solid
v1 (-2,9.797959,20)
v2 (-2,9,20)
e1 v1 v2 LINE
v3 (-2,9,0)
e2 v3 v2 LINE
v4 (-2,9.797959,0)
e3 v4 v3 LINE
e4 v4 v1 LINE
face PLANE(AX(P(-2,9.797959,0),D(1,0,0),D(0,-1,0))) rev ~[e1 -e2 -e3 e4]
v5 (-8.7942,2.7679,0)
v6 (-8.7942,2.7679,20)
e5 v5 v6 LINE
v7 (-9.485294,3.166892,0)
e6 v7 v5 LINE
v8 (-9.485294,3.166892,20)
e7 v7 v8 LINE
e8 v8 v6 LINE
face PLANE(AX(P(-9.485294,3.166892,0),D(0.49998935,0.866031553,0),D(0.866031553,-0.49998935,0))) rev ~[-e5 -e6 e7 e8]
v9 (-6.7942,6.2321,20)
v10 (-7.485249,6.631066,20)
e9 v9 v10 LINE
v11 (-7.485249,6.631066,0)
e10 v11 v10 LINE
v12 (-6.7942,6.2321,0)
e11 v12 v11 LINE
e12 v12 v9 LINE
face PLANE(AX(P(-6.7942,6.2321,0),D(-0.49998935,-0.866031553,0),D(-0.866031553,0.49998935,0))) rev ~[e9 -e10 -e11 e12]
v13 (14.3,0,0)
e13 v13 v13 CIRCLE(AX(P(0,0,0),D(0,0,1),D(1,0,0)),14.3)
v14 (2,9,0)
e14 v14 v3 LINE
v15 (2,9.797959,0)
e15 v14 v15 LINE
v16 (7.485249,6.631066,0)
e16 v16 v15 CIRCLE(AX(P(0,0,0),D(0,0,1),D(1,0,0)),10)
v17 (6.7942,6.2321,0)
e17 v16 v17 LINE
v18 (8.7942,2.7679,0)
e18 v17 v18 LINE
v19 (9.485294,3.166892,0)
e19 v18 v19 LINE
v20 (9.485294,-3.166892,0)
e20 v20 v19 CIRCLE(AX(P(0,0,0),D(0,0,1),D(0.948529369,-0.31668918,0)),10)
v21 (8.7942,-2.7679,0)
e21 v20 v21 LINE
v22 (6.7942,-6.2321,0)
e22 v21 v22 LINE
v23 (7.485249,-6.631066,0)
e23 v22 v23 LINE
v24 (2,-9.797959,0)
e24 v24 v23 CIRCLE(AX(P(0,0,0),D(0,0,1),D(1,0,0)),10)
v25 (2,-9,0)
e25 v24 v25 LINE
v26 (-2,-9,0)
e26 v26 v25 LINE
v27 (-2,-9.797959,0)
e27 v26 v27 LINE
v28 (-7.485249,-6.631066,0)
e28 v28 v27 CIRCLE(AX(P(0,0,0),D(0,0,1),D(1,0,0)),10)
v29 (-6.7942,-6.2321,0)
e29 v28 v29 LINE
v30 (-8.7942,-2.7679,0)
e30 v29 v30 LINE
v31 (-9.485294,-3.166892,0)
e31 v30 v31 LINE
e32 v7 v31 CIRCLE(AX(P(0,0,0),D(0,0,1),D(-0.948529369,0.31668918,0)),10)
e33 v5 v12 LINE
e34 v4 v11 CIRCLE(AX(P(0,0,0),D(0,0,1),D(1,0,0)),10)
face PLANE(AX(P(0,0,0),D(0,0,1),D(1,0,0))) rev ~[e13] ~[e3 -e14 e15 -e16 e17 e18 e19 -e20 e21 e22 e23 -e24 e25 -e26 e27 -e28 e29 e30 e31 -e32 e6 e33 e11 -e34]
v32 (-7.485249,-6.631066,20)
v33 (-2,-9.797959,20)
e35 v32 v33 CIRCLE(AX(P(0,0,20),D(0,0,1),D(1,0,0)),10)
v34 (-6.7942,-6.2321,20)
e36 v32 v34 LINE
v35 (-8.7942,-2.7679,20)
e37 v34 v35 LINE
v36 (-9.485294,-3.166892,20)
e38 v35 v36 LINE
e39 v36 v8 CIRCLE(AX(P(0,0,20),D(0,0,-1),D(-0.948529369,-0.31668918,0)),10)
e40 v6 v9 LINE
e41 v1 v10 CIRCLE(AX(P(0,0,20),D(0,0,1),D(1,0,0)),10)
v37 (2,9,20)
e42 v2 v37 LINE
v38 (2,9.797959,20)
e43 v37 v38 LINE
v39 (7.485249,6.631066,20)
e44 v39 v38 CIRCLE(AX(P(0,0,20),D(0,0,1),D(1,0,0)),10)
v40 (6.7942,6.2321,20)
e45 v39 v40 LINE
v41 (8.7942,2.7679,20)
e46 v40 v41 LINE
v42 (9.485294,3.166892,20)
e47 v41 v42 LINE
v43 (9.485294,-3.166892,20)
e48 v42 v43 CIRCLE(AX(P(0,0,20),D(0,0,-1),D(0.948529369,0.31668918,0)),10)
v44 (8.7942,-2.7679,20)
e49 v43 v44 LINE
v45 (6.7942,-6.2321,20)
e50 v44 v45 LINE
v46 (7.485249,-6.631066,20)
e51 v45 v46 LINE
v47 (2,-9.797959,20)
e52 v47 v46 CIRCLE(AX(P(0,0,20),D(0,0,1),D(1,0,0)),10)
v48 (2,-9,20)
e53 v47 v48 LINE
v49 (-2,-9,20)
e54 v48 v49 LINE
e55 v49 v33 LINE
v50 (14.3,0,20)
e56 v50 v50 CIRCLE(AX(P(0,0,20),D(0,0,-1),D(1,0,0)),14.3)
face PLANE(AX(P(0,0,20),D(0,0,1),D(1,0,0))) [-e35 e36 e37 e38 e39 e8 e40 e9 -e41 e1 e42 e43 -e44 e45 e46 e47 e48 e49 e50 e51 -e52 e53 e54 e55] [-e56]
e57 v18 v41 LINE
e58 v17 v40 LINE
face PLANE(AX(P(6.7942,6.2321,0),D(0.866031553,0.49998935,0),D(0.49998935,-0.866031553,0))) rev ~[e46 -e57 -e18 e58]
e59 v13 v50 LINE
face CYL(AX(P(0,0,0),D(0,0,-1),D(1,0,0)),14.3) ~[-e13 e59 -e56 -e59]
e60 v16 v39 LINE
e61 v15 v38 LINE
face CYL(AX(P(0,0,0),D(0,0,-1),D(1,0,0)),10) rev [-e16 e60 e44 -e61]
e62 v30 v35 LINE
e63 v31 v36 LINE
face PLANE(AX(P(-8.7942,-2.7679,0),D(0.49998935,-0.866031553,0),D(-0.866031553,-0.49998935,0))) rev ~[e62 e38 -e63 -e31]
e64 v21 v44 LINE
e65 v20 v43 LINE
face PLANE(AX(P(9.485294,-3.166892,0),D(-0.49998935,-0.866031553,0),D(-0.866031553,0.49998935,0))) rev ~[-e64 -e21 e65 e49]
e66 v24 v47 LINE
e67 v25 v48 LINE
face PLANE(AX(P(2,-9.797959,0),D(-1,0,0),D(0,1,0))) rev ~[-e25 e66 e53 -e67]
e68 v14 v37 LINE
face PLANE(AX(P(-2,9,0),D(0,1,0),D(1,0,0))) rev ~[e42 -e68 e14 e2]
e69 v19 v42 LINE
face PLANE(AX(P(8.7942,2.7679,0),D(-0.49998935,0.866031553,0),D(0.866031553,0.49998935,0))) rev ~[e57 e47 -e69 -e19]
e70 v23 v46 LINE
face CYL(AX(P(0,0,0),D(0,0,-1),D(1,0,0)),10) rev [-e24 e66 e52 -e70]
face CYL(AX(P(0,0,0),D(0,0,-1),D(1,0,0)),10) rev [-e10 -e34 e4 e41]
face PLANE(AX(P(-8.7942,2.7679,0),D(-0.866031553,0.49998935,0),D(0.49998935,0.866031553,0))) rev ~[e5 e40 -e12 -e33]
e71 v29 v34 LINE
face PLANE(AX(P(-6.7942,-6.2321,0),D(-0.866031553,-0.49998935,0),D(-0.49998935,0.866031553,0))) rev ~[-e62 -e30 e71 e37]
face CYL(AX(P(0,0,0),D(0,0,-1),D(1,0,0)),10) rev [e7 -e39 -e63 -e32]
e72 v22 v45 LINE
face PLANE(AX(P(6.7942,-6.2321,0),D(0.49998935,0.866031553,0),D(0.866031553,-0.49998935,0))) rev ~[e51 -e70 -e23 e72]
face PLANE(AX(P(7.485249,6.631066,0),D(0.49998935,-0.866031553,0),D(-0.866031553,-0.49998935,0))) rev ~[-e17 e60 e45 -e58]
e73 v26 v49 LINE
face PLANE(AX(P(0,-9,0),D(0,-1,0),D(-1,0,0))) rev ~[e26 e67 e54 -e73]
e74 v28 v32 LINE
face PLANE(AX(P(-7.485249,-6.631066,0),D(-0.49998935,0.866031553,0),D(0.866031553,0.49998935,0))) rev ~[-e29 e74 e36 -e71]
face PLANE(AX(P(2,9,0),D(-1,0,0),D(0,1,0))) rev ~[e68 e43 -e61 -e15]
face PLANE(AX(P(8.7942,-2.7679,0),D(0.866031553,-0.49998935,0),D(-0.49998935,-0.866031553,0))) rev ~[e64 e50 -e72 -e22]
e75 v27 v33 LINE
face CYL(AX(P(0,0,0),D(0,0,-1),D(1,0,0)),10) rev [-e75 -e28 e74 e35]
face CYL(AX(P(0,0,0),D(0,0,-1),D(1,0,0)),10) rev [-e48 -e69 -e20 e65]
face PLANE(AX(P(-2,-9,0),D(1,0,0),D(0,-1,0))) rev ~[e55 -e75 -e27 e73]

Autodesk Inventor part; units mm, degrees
ref_plane "YZ Plane" through (0, 0, 0) normal (1, 0, 0) x (0, 1, 0)
ref_plane "XZ Plane" through (0, 0, 0) normal (0, 1, 0) x (-1, 0, 0)
ref_plane "XY Plane" through (0, 0, 0) normal (0, 0, 1) x (1, 0, 0)
sketch "Sketch1" plane through (0, 0, 0) normal (0, 0, 1) x (1, 0, 0)
  line L0 (0, -20.02) -> (0, 20.02) projected
  line L1 (-20.02, 0) -> (20.02, 0) projected
  circle A0 centre (0, 0) radius 10
  circle A1 centre (0, 0) radius 14.3
  line L2 (-2, 9) -> (2, 9)
  line L3 (2, 9) -> (2, 11)
  line L4 (2, 11) -> (-2, 11)
  line L5 (-2, 11) -> (-2, 9)
  line L6 (-2, 9) -> (2, 11) construction
  line L7 (2, 9) -> (-2, 11) construction
  line L8 (6.7942, 6.2321) -> (8.7942, 2.7679)
  line L9 (8.7942, 2.7679) -> (10.5263, 3.7679)
  line L10 (10.5263, 3.7679) -> (8.5263, 7.2321)
  line L11 (8.5263, 7.2321) -> (6.7942, 6.2321)
  line L12 (6.7942, 6.2321) -> (10.5263, 3.7679) construction
  line L13 (8.7942, 2.7679) -> (8.5263, 7.2321) construction
  line L14 (8.7942, -2.7679) -> (6.7942, -6.2321)
  line L15 (6.7942, -6.2321) -> (8.5263, -7.2321)
  line L16 (8.5263, -7.2321) -> (10.5263, -3.7679)
  line L17 (10.5263, -3.7679) -> (8.7942, -2.7679)
  line L18 (8.7942, -2.7679) -> (8.5263, -7.2321) construction
  line L19 (6.7942, -6.2321) -> (10.5263, -3.7679) construction
  line L20 (2, -9) -> (-2, -9)
  line L21 (-2, -9) -> (-2, -11)
  line L22 (-2, -11) -> (2, -11)
  line L23 (2, -11) -> (2, -9)
  line L24 (2, -9) -> (-2, -11) construction
  line L25 (-2, -9) -> (2, -11) construction
  line L26 (-6.7942, -6.2321) -> (-8.7942, -2.7679)
  line L27 (-8.7942, -2.7679) -> (-10.5263, -3.7679)
  line L28 (-10.5263, -3.7679) -> (-8.5263, -7.2321)
  line L29 (-8.5263, -7.2321) -> (-6.7942, -6.2321)
  line L30 (-6.7942, -6.2321) -> (-10.5263, -3.7679) construction
  line L31 (-8.7942, -2.7679) -> (-8.5263, -7.2321) construction
  line L32 (-8.7942, 2.7679) -> (-6.7942, 6.2321)
  line L33 (-6.7942, 6.2321) -> (-8.5263, 7.2321)
  line L34 (-8.5263, 7.2321) -> (-10.5263, 3.7679)
  line L35 (-10.5263, 3.7679) -> (-8.7942, 2.7679)
  line L36 (-8.7942, 2.7679) -> (-8.5263, 7.2321) construction
  line L37 (-6.7942, 6.2321) -> (-10.5263, 3.7679) construction
  point P0 (0, 10)
  point P1 (8.6603, 5)
  point P2 (8.6603, -5)
  point P3 (0, -10)
  point P4 (-8.6603, -5)
  point P5 (-8.6603, 5)
  point P6 (-7.4853, 6.631)
  point P7 (-2, 9.798)
  point P8 (2, 9.798)
  point P9 (7.4853, 6.631)
  point P10 (9.4853, 3.1669)
  point P11 (9.4853, -3.1669)
  point P12 (7.4853, -6.631)
  point P13 (2, -9.798)
  point P14 (-2, -9.798)
  point P15 (-7.4853, -6.631)
  point P16 (-9.4853, -3.1669)
  point P17 (-9.4853, 3.1669)
  dimension "d0" = 20
  dimension "d1" = 28.6
  dimension "d2" = 4
  dimension "d3" = 2
  dimension "d6" = 360
extrude "Extrusion1" add sketch "Sketch1" along normal blind 20 contours A1 L1 A0 L27 L28 L29 L21 L22 L0 | L0 L22 L23 A0 L15 L16 L17 L1 A1 | L22 L21 A0 L0 | L0 A0 L23 L22 | A1 L0 L4 L5 A0 L33 L34 L35 L1 | L1 A0 L9 L10 L11 L3 L4 L0 A1 | A0 L21 L20 L0 | L0 L20 L23 A0 | L35 L34 L33 A0 | A0 L33 L32 L35 | L27 L26 L29 A0 | A0 L29 L28 L27 | L4 L3 A0 L0 | L0 A0 L5 L4 | L9 L8 L11 A0 | A0 L11 L10 L9 | L17 L16 L15 A0 | A0 L15 L14 L17 | L2 L5 A0 L0 | L0 A0 L3 L2
properties part number "opona" material "Rubber, Silicone"
